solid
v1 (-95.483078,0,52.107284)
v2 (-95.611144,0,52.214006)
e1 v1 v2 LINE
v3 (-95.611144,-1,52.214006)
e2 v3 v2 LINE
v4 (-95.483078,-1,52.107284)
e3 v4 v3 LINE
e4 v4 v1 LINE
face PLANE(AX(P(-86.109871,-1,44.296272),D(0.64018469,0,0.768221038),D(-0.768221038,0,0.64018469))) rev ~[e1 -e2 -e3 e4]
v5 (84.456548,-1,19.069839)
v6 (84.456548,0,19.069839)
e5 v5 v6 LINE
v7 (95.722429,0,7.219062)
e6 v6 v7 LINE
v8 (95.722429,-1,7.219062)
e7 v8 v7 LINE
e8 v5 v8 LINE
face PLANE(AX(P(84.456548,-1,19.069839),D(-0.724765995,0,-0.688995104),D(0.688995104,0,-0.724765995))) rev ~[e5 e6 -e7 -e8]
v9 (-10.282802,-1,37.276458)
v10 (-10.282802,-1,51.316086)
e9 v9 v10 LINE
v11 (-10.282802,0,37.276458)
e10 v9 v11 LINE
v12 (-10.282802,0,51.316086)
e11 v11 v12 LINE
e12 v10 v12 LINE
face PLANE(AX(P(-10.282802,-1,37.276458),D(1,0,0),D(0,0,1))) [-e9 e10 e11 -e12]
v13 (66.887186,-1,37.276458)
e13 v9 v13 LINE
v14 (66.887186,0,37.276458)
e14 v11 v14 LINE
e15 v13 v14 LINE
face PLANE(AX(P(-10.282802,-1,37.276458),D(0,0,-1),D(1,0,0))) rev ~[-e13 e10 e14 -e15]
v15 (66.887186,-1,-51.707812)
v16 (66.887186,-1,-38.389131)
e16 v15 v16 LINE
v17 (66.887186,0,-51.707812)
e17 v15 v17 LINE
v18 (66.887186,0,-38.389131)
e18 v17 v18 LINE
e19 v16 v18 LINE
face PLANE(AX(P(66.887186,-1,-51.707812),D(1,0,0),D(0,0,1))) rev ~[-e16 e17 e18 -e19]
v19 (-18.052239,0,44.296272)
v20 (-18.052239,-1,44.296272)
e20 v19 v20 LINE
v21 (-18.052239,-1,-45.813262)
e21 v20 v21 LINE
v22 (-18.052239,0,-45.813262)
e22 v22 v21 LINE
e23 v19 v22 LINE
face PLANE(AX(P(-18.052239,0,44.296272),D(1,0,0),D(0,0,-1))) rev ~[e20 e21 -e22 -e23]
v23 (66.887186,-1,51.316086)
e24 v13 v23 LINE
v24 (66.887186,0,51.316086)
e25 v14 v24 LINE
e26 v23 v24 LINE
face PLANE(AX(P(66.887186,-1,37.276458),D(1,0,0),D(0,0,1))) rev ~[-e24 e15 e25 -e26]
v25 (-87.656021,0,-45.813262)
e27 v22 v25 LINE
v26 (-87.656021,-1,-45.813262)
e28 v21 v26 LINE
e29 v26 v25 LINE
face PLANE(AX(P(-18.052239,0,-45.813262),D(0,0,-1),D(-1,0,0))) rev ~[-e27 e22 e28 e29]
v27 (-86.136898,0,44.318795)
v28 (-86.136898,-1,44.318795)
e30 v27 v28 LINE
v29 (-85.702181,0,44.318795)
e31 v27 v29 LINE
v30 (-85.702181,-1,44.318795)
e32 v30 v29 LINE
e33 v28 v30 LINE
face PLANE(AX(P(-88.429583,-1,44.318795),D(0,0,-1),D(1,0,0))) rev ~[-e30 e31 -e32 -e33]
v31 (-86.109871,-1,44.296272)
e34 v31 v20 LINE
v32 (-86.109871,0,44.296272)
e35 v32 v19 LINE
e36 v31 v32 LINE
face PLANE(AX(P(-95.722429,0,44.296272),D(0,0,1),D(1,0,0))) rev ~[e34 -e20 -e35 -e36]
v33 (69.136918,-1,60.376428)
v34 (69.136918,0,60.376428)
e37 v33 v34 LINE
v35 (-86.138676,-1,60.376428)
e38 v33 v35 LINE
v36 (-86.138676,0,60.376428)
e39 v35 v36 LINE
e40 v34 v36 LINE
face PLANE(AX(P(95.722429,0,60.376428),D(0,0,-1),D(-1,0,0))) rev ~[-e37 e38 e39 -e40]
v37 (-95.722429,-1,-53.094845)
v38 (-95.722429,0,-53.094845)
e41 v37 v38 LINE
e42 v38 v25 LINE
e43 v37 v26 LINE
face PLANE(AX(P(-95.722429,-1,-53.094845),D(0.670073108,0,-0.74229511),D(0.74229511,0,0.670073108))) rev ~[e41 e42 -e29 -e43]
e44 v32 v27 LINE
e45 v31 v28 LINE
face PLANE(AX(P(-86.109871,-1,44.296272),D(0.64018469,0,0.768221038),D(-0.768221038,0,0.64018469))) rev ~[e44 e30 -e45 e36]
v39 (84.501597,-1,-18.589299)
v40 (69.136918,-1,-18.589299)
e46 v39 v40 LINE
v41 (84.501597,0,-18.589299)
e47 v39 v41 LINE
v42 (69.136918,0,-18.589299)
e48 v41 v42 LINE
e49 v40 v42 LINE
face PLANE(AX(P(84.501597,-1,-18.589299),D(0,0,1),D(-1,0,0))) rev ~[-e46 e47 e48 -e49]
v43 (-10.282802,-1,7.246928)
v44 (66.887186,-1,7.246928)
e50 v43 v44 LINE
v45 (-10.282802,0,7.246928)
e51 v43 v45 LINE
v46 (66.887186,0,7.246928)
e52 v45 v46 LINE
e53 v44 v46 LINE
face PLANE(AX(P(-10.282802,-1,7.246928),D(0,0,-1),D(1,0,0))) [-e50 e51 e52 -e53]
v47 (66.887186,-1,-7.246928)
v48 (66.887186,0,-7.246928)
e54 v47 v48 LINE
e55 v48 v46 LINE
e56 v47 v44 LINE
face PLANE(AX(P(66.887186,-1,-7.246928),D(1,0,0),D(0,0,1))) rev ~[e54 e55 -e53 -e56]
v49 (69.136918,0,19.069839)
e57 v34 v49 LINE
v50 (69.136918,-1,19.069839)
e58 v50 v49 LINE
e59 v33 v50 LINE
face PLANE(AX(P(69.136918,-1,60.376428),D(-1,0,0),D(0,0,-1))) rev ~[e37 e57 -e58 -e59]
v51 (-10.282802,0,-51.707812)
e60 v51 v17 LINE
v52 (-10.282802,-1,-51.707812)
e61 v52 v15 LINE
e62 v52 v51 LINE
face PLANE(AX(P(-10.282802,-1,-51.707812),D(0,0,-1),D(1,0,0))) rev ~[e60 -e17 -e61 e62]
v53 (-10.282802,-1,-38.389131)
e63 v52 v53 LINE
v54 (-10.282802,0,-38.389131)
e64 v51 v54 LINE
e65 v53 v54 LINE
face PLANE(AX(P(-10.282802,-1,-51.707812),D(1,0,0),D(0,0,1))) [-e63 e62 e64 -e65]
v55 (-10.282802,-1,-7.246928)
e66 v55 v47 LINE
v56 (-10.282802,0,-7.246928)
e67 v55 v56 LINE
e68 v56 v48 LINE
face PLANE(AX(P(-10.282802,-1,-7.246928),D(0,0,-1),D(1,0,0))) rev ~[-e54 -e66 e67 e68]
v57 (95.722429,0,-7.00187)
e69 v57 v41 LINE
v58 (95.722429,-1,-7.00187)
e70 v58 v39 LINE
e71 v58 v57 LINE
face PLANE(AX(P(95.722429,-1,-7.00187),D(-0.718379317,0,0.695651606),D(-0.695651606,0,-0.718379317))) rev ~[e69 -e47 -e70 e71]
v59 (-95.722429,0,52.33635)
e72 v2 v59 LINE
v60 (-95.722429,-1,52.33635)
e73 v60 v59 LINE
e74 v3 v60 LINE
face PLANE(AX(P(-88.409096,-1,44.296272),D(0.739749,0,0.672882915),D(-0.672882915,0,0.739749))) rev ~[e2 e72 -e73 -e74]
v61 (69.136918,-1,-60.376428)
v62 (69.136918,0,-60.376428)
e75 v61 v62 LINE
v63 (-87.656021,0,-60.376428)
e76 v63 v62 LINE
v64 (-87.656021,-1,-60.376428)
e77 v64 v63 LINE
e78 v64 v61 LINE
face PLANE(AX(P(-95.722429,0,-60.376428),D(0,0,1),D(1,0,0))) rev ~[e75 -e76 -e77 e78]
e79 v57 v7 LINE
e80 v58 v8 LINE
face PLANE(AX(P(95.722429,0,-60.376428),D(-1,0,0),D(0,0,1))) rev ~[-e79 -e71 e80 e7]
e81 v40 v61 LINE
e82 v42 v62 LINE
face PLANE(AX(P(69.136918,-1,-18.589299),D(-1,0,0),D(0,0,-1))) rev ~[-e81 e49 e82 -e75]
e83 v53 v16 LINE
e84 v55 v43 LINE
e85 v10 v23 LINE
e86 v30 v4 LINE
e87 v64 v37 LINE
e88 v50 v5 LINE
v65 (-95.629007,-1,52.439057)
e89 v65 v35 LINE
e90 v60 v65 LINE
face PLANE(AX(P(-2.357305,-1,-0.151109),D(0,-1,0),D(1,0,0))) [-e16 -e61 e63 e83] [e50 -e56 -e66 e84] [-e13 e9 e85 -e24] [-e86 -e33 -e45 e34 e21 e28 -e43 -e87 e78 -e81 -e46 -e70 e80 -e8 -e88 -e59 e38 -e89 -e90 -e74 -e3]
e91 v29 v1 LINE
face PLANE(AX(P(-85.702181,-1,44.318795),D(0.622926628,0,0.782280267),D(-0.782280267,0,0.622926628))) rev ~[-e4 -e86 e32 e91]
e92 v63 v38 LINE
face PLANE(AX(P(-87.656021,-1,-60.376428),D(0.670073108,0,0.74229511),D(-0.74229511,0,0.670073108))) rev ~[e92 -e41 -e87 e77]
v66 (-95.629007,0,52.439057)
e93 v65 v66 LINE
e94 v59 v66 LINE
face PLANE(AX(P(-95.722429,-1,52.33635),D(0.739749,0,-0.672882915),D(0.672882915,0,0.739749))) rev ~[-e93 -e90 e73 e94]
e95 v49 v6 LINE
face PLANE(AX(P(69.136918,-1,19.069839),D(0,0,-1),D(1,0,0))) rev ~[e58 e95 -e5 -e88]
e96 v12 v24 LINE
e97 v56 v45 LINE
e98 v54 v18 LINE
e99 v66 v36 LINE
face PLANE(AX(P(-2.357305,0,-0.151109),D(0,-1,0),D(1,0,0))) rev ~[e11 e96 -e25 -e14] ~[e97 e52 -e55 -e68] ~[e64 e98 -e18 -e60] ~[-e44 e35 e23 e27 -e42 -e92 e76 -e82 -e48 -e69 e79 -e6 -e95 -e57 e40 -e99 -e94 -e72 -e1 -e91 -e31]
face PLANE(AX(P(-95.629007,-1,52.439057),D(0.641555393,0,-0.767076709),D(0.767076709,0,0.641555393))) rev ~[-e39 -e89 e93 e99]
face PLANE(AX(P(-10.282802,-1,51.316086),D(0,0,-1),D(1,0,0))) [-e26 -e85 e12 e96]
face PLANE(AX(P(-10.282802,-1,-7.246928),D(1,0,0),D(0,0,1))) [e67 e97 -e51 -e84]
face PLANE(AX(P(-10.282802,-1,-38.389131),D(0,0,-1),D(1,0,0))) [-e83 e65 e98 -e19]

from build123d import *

# Parameters (mm, degrees)
F1_DEPTH  = 1
F2_W      = 77.1699883044
F2_H      = 14.0396282077
F2_H_2    = 14.4938565791
F2_H_3    = 13.3186802268
F3_DEPTH  = 25.4
F5_DEPTH  = 25.4
F7_DEPTH  = 25.4
F9_DEPTH  = 25.4
F12_DEPTH = 25.4
F14_DEPTH = 25.4


with BuildPart() as f1:
    # F0 (on Front) → F1 (new body)
    with BuildSketch(Plane.XZ):
        Polygon((95.7224294543, -60.3764280677), (95.7224294543, 60.3764280677), (-95.7224294543, 60.3764280677), (-95.7224294543, 44.296272099), (-18.052238971, 44.296272099), (-18.052238971, -45.8132624626), (-95.7224294543, -45.8132624626), (-95.7224294543, -60.3764280677), align=None)
    extrude(amount=F1_DEPTH)

    # F2 (on face) → F3 (cut)
    with BuildSketch(Plane.XZ.offset(1)):
        with Locations((28.3021917567, 44.296272099)):
            Rectangle(F2_W, F2_H)
        with Locations((28.3021917567, 0)):
            Rectangle(F2_W, F2_H_2)
        with Locations((28.3021917567, -45.0484715402)):
            Rectangle(F2_W, F2_H_3)
    extrude(amount=-F3_DEPTH, mode=Mode.SUBTRACT)

    # F4 (on face) → F5 (cut)
    with BuildSketch(Plane.XZ.offset(1)):
        Polygon((84.501597172, -18.5892991722), (69.1369175911, -18.5892991722), (69.1369175911, -60.3764280677), (95.7224294543, -60.3764280677), (95.7224294543, -7.0018698461), align=None)
        Polygon((69.1369175911, 60.3764280677), (69.1369175911, 19.0698392689), (84.4565480947, 19.0698392689), (95.7224294543, 7.2190617211), (95.7224294543, 60.3764280677), align=None)
    extrude(amount=-F5_DEPTH, mode=Mode.SUBTRACT)

    # F6 (on face) → F7 (cut)
    with BuildSketch(Plane.XZ.offset(1)):
        Polygon((-95.7224294543, 60.3764280677), (-95.7224294543, 52.3363500834), (-88.4090960026, 60.3764280677), align=None)
        Polygon((-88.4090960026, 44.296272099), (-95.7224294543, 52.3363500834), (-95.7224294543, 44.296272099), align=None)
    extrude(amount=-F7_DEPTH, mode=Mode.SUBTRACT)

    # F8 (on face) → F9 (cut)
    with BuildSketch(Plane.XZ.offset(1)):
        Polygon((-95.7224294543, -45.8132624626), (-95.7224294543, -53.0948452652), (-87.6560211182, -45.8132624626), align=None)
        Polygon((-87.6560211182, -60.3764280677), (-95.7224294543, -53.0948452652), (-95.7224294543, -60.3764280677), align=None)
    extrude(amount=-F9_DEPTH, mode=Mode.SUBTRACT)

    # F11 (on face) → F12 (cut)
    with BuildSketch(Plane.XZ.offset(1)):
        Polygon((-85.7021808624, 44.3187952042), (-95.5954936845, 52.1968003835), (-88.429583239, 44.3187952042), align=None)
        Polygon((-88.4090960026, 60.3764280677), (-94.2494603717, 53.9556918474), (-87.5151380897, 59.4371178139), (-88.2796930664, 60.3764280677), align=None)
    extrude(amount=-F12_DEPTH, mode=Mode.SUBTRACT)

    # F13 (on face) → F14 (cut)
    with BuildSketch(Plane.XZ.offset(1)):
        Polygon((-93.3957355305, 54.8942534959), (-95.6290065626, 52.4390566453), (-86.1386760037, 60.3764280677), (-88.4090960026, 60.3764280677), align=None)
        Polygon((-86.1098706364, 44.296272099), (-95.6111442944, 52.2140062342), (-88.4090960026, 44.296272099), align=None)
    extrude(amount=-F14_DEPTH, mode=Mode.SUBTRACT)


solid = f1.part
